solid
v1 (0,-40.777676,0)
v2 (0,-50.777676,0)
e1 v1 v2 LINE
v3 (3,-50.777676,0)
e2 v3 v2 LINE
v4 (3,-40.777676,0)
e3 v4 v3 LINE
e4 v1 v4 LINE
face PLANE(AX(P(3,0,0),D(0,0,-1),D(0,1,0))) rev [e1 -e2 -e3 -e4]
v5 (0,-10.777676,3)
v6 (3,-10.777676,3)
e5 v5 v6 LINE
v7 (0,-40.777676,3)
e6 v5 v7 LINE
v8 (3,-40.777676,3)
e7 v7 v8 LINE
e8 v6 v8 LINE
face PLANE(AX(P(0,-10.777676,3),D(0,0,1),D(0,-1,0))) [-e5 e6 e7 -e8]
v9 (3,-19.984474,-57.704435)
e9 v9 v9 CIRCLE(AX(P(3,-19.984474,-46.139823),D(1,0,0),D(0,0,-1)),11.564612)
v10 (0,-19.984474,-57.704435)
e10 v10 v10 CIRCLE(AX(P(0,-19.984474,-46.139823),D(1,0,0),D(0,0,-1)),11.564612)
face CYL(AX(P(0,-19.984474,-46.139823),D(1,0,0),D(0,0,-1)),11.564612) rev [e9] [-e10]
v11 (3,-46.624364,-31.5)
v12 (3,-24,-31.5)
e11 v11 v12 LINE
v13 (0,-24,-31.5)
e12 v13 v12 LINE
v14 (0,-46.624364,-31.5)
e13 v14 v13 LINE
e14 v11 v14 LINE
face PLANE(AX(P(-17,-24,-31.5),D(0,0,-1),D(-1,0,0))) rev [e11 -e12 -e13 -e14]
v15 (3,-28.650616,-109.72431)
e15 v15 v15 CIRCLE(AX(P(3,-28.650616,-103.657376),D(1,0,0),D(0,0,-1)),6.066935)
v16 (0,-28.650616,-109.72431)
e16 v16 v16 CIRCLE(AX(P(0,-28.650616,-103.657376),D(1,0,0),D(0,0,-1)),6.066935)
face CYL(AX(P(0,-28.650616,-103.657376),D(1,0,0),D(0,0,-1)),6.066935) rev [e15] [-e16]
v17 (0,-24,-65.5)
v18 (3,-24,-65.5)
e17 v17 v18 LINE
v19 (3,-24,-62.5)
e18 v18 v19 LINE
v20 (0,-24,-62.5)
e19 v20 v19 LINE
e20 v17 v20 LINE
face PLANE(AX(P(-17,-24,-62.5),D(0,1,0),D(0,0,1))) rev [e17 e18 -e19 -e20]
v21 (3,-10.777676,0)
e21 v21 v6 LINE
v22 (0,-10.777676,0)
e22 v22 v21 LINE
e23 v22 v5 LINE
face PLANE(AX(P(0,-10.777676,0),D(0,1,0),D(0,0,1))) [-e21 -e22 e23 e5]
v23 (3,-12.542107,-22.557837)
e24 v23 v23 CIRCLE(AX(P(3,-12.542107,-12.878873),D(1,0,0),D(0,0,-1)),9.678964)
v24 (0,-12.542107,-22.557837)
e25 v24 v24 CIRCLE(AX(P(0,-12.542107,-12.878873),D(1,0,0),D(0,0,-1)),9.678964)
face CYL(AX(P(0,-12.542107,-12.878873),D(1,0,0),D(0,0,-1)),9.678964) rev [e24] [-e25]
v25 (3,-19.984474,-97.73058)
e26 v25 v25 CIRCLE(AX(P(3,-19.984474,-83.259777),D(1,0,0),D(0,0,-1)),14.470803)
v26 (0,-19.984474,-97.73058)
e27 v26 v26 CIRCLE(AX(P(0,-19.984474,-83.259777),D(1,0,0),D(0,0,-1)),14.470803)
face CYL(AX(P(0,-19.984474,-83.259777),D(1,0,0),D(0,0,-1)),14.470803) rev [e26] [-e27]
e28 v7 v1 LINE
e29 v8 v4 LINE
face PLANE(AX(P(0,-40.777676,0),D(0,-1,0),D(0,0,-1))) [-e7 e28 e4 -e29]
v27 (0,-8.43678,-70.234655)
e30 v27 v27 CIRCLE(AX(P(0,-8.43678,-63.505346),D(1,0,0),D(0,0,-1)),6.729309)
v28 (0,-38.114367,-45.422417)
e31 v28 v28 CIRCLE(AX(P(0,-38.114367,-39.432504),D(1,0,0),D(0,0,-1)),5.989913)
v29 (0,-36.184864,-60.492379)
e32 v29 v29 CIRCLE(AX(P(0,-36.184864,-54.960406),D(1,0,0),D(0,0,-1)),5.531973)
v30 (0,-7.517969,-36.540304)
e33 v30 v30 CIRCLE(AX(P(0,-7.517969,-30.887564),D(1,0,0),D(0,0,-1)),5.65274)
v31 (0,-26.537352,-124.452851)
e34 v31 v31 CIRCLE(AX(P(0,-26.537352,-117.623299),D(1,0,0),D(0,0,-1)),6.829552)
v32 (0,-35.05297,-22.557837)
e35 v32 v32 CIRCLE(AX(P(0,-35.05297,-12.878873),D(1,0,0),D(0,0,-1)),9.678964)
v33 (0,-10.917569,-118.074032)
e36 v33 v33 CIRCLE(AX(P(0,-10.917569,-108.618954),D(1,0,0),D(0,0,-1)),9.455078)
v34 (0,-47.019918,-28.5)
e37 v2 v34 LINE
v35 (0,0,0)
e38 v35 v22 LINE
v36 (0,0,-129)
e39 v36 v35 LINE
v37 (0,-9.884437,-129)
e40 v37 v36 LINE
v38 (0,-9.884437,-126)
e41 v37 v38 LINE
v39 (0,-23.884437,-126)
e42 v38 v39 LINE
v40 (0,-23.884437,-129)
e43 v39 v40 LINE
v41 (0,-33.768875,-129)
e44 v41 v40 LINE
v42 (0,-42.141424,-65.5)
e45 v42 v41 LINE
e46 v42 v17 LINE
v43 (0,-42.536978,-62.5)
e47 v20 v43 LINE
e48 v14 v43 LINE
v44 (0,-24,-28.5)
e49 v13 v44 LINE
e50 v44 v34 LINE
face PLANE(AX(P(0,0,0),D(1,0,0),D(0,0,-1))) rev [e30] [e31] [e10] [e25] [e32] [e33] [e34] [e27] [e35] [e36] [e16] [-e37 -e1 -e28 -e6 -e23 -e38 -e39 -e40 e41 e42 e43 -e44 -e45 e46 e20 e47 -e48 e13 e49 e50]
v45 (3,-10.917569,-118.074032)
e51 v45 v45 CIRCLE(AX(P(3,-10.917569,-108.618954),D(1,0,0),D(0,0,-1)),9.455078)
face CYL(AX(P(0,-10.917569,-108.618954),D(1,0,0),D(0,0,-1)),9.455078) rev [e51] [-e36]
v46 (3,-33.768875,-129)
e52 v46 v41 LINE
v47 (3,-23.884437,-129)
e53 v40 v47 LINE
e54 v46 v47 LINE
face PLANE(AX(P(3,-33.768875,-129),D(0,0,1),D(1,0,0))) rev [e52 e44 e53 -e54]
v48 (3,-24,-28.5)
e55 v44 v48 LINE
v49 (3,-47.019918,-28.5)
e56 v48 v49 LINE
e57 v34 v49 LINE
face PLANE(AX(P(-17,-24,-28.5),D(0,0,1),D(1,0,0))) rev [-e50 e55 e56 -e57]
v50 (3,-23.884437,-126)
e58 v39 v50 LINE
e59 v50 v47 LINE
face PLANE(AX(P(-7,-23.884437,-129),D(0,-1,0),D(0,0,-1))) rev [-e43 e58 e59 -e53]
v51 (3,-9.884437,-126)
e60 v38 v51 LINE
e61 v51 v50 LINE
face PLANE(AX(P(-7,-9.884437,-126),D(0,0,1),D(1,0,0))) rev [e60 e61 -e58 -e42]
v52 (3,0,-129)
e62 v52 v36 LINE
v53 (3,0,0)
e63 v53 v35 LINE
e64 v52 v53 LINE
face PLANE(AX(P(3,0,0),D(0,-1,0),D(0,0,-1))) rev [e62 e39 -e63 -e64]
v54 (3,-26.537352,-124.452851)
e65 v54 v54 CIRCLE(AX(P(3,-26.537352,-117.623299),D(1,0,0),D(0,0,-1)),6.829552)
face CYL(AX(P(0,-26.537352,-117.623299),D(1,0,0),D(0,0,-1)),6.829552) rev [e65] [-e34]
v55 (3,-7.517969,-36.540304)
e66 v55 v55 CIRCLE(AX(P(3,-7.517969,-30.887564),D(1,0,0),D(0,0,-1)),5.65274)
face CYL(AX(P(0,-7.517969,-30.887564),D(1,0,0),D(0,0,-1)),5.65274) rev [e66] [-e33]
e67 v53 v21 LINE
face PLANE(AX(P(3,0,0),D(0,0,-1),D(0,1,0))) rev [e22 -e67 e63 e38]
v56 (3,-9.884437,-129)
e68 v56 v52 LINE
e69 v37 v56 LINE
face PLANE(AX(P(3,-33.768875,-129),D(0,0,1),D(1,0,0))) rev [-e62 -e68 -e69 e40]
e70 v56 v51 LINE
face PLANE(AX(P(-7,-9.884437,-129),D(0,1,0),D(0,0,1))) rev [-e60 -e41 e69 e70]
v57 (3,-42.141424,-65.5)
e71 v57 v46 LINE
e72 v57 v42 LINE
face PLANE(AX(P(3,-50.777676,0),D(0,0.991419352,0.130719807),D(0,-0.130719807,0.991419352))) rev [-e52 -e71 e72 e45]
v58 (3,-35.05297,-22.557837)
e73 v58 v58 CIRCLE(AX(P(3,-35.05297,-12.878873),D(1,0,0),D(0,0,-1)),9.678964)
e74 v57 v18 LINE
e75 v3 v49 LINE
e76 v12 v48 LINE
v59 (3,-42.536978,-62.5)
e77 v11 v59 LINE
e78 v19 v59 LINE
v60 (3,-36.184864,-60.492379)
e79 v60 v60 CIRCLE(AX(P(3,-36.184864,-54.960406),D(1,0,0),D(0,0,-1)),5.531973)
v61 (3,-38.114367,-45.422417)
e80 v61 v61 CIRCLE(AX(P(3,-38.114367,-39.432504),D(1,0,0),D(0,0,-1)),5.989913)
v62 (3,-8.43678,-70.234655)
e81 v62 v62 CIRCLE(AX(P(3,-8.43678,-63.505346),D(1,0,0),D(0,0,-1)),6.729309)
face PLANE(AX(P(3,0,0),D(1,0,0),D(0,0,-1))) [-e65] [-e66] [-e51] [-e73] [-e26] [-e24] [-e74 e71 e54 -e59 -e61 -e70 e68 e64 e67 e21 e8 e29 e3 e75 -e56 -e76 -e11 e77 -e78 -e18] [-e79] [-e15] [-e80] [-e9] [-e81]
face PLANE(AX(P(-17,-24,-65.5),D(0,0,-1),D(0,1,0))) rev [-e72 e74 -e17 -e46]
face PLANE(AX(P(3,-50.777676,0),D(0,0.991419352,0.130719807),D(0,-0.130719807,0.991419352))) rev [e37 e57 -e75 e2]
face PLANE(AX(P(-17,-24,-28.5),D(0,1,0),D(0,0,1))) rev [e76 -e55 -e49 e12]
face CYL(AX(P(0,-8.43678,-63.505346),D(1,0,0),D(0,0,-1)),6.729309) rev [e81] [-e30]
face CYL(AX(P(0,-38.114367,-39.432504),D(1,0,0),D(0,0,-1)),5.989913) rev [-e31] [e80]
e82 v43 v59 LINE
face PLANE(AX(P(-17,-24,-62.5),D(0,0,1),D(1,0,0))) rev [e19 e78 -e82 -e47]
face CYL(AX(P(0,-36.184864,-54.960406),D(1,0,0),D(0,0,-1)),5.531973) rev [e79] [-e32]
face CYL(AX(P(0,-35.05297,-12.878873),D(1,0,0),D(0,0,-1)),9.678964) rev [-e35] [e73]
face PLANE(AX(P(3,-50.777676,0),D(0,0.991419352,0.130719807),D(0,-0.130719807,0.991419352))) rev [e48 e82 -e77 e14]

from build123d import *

# Parameters (mm, degrees)
BOSS_EXTRUDE1_DEPTH     = 3
SKETCH2_W               = 3
SKETCH2_H               = 28.023136596
SKETCH2_H_2             = 21.36601765
CUT_EXTRUDE1_DEPTH      = 20
SKETCH3_W               = 3
SKETCH3_H               = 30
BOSS_EXTRUDE2_DEPTH     = 3
SKETCH4_R               = 11.564612176
SKETCH4_R_2             = 9.45507824
SKETCH4_R_3             = 14.470802902
SKETCH4_R_4             = 9.678963713
SKETCH4_R_5             = 5.652740002
SKETCH4_R_6             = 5.531973284
SKETCH4_R_7             = 5.989913263
SKETCH4_R_8             = 6.729308726
SKETCH4_R_9             = 6.066934598
SKETCH4_R_10            = 6.829551901
CUT_EXTRUDE2_DEPTH      = 1
CUT_EXTRUDE2_DEPTH_BACK = 4
SKETCH5_W               = 3
SKETCH5_H               = 14
CUT_EXTRUDE3_DEPTH      = 10


with BuildPart() as part:
    # Sketch1 → Boss-Extrude1 (new body)
    with BuildSketch(Plane(origin=(0, 0, 0), x_dir=(0, 0, -1), z_dir=(1, 0, 0))):
        Polygon((0, 0), (0, -50.777676291), (129, -33.768874681), (129, 0), align=None)
    extrude(amount=BOSS_EXTRUDE1_DEPTH)

    # Sketch2 → Cut-Extrude1 (cut)
    with BuildSketch(Plane(origin=(3, 0, 0), x_dir=(0, 0, -1), z_dir=(1, 0, 0))):
        with Locations((30, -38.011568298)):
            Rectangle(SKETCH2_W, SKETCH2_H)
        with Locations((64, -34.683008825)):
            Rectangle(SKETCH2_W, SKETCH2_H_2)
    extrude(amount=-CUT_EXTRUDE1_DEPTH, mode=Mode.SUBTRACT)

    # Sketch3 → Boss-Extrude2 (add)
    with BuildSketch(Plane(origin=(3, 0, 0), x_dir=(0, 0, -1), z_dir=(1, 0, 0))):
        with Locations((-1.5, -25.777676291)):
            Rectangle(SKETCH3_W, SKETCH3_H)
    extrude(amount=-BOSS_EXTRUDE2_DEPTH)

    # Sketch4 → Cut-Extrude2 (cut, two sides)
    with BuildSketch(Plane(origin=(3, 0, 0), x_dir=(0, 0, -1), z_dir=(1, 0, 0))) as cut_extrude2_sk:
        with Locations((46.139822704, -19.984473783)):
            Circle(SKETCH4_R)
        with Locations((108.618953829, -10.917568804)):
            Circle(SKETCH4_R_2)
        with Locations((83.259777078, -19.984473783)):
            Circle(SKETCH4_R_3)
        with Locations((12.878873487, -12.542106693)):
            Circle(SKETCH4_R_4)
        with Locations((12.878873487, -35.052970113)):
            Circle(SKETCH4_R_4)
        with Locations((30.887564223, -7.517969022)):
            Circle(SKETCH4_R_5)
        with Locations((54.960405921, -36.18486448)):
            Circle(SKETCH4_R_6)
        with Locations((39.432504215, -38.114367059)):
            Circle(SKETCH4_R_7)
        with Locations((63.505345914, -8.436779774)):
            Circle(SKETCH4_R_8)
        with Locations((103.657375769, -28.650616315)):
            Circle(SKETCH4_R_9)
        with Locations((117.623299197, -26.537351586)):
            Circle(SKETCH4_R_10)
    extrude(amount=CUT_EXTRUDE2_DEPTH, mode=Mode.SUBTRACT)
    extrude(cut_extrude2_sk.sketch, amount=-CUT_EXTRUDE2_DEPTH_BACK, mode=Mode.SUBTRACT)

    # Sketch5 → Cut-Extrude3 (cut)
    with BuildSketch(Plane(origin=(3, 0, 0), x_dir=(0, 0, -1), z_dir=(1, 0, 0))):
        with Locations((127.5, -16.88443734)):
            Rectangle(SKETCH5_W, SKETCH5_H)
    extrude(amount=-CUT_EXTRUDE3_DEPTH, mode=Mode.SUBTRACT)


solid = part.part
